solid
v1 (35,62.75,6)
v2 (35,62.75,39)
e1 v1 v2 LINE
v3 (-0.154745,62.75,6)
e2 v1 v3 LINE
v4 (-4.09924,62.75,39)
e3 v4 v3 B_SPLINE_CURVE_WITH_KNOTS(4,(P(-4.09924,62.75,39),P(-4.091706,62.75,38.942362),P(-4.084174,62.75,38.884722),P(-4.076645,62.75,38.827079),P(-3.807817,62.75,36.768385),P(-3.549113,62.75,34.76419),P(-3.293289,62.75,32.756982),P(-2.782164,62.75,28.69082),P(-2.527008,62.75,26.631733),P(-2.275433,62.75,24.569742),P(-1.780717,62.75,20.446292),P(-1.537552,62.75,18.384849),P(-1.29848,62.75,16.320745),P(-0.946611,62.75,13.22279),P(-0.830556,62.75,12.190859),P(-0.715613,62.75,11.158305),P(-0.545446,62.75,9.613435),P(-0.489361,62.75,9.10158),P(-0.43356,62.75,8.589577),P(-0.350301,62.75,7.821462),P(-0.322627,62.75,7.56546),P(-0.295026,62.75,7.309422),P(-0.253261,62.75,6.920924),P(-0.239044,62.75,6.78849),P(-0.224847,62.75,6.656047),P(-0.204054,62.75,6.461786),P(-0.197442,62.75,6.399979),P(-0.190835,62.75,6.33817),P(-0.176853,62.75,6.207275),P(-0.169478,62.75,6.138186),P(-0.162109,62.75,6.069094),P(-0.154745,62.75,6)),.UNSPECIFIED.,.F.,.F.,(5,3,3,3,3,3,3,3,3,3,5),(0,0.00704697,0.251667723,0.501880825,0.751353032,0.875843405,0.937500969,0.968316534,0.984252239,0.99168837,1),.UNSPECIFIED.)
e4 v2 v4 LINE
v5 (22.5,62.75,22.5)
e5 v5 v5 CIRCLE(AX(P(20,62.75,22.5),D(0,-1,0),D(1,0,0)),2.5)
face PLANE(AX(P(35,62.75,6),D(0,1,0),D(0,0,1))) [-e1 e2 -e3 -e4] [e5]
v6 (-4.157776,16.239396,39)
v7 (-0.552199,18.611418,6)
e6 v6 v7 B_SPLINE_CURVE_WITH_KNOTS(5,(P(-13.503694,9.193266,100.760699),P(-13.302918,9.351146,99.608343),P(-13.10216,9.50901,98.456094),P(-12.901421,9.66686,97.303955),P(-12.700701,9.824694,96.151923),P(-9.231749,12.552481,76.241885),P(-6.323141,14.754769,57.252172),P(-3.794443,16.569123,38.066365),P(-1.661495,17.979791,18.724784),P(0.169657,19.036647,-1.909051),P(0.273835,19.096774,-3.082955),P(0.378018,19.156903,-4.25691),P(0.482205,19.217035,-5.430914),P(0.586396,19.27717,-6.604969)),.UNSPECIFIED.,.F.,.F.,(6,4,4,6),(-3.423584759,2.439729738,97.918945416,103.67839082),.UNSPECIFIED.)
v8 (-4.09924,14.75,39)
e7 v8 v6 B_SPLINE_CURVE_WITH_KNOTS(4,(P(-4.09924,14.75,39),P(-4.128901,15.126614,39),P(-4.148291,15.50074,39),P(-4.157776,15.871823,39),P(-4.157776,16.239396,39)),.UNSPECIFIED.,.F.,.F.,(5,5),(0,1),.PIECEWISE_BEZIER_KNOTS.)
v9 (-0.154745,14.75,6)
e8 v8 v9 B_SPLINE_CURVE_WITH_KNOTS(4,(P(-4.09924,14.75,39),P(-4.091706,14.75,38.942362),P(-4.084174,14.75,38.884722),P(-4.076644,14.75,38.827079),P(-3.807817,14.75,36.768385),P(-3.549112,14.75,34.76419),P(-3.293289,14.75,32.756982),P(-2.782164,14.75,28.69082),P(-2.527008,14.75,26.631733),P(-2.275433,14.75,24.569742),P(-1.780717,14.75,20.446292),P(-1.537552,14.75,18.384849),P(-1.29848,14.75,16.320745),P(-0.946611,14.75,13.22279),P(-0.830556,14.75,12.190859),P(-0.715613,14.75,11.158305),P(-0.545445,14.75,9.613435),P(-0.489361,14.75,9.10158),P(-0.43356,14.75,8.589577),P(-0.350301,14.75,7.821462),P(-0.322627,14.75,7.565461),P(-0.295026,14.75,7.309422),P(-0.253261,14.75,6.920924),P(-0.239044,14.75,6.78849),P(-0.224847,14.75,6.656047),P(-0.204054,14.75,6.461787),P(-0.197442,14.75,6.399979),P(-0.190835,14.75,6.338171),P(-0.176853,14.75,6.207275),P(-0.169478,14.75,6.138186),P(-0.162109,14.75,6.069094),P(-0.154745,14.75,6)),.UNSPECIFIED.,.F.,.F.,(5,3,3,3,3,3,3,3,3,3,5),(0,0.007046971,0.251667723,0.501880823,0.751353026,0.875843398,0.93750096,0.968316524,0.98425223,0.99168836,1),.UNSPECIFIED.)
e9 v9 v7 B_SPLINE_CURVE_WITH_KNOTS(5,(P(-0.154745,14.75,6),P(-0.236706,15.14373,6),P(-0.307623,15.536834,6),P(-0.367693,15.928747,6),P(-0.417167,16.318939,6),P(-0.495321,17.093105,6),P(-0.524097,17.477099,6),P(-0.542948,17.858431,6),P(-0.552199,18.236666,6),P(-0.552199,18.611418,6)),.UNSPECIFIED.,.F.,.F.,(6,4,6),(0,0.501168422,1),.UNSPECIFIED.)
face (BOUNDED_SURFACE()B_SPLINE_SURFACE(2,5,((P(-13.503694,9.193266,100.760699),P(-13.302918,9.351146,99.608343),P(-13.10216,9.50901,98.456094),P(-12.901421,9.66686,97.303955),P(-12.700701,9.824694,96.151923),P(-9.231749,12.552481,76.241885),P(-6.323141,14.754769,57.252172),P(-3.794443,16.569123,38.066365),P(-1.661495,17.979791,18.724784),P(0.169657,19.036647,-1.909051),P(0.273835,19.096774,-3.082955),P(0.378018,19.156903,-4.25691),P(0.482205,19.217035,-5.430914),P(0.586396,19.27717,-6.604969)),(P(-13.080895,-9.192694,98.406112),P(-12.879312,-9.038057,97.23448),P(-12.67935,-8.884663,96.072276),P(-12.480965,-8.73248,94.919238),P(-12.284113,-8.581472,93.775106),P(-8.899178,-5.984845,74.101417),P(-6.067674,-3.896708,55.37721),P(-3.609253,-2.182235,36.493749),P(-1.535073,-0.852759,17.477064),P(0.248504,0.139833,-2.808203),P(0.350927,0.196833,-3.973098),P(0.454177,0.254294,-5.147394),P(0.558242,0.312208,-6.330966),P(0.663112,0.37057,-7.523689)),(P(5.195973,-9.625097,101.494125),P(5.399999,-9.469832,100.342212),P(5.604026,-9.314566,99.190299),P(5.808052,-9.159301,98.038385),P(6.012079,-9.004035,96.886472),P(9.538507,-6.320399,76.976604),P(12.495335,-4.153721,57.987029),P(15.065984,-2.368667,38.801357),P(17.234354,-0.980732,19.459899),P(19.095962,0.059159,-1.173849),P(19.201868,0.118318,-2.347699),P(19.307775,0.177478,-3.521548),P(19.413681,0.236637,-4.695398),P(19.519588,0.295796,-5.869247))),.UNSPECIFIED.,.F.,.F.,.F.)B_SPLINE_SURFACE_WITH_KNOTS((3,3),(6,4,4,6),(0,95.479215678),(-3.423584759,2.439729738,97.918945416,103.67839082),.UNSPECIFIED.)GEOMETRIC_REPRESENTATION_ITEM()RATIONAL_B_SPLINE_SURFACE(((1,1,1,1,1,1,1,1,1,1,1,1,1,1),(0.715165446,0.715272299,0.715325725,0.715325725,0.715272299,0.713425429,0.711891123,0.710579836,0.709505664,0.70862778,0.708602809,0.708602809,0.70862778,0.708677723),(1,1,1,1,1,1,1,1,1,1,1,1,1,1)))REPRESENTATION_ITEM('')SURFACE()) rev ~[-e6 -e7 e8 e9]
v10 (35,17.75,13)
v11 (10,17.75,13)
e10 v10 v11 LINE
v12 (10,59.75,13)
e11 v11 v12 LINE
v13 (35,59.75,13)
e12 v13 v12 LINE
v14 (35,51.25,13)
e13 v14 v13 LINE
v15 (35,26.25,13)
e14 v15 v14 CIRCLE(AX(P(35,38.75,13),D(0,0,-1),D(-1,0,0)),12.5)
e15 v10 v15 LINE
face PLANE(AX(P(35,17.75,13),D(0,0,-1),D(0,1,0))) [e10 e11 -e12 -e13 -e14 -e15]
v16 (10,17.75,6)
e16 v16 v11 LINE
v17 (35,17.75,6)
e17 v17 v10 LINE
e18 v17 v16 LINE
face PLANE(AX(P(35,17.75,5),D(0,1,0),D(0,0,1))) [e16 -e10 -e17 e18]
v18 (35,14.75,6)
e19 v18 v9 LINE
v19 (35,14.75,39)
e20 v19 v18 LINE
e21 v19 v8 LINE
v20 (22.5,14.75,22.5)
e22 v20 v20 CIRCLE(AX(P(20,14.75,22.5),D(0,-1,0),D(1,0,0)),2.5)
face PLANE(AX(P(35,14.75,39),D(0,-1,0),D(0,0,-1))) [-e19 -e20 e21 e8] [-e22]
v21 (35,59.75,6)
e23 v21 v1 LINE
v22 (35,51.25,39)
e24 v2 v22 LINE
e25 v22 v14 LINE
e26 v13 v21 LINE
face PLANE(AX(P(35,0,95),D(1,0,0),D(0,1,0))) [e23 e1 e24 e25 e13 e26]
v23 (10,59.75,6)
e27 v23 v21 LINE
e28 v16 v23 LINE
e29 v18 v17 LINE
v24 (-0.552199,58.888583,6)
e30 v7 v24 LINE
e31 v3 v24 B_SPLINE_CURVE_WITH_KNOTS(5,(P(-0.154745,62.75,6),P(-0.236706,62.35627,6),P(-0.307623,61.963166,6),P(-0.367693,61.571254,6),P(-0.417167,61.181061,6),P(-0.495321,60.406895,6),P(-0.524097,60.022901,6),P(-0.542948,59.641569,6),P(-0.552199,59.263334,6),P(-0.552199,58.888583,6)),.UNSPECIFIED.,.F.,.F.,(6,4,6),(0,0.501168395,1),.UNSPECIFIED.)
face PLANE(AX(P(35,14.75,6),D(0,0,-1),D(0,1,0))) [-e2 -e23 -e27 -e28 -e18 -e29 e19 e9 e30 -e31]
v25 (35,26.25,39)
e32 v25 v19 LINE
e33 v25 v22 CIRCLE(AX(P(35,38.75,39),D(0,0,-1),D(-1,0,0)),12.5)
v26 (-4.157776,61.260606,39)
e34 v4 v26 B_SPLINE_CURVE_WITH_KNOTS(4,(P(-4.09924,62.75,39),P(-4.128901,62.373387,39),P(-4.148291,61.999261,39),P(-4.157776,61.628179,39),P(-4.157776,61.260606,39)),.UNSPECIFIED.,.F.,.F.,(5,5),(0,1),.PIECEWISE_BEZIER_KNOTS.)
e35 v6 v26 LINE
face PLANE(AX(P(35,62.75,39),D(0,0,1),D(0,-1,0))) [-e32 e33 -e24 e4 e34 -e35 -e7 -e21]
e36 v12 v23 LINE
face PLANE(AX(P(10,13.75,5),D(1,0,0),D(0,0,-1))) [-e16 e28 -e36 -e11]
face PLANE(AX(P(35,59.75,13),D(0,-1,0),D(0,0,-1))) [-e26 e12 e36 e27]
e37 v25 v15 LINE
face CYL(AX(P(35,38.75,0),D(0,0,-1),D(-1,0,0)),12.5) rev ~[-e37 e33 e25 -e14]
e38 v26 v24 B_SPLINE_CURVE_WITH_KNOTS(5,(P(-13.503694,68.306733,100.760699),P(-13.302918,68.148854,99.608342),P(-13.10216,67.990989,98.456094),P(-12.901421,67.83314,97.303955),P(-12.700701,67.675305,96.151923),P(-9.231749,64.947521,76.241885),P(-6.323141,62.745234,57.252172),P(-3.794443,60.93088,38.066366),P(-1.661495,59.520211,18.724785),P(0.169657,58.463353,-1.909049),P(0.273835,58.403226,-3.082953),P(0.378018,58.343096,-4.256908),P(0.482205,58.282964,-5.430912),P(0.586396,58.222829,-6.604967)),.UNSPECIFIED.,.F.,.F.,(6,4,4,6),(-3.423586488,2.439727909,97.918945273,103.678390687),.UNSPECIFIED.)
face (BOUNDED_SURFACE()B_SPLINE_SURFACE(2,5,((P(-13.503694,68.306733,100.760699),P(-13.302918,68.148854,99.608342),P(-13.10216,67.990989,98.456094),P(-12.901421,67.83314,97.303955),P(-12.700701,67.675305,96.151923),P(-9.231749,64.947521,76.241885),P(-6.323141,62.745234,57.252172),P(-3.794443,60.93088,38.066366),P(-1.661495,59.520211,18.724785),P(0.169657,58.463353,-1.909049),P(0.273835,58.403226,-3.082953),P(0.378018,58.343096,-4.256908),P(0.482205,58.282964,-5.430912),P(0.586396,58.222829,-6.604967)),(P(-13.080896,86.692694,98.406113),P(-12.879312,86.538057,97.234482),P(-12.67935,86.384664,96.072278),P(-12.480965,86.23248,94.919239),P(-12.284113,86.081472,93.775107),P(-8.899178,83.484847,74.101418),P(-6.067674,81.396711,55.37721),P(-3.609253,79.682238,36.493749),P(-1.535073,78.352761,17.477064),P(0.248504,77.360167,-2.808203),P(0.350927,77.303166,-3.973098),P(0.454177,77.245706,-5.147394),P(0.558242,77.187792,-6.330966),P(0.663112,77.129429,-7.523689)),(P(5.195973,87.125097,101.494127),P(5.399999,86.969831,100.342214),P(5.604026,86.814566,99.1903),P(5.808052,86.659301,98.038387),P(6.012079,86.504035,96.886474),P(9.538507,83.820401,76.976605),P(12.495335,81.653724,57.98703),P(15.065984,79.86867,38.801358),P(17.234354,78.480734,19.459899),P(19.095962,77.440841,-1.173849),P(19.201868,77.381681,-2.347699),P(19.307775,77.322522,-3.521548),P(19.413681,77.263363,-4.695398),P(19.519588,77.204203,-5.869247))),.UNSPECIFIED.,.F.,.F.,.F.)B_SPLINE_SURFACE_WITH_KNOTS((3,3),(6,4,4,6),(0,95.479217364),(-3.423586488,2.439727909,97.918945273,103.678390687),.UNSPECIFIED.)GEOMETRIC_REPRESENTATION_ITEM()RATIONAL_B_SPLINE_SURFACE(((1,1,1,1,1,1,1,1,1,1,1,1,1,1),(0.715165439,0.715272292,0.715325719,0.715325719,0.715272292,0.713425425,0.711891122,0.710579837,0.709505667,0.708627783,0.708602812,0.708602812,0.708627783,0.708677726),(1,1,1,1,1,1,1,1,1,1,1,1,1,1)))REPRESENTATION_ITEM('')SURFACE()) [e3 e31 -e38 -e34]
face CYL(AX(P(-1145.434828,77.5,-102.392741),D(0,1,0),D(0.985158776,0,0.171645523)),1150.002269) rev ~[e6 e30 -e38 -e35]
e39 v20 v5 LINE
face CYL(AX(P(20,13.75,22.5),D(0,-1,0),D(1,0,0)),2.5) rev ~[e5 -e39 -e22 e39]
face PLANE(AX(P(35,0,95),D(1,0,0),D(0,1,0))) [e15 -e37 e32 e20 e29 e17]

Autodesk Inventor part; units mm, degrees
ref_plane "YZ Plane" through (0, 0, 0) normal (1, 0, 0) x (0, 1, 0)
ref_plane "XZ Plane" through (0, 0, 0) normal (0, 1, 0) x (-1, 0, 0)
ref_plane "XY Plane" through (0, 0, 0) normal (0, 0, 1) x (1, 0, 0)
sketch "Sketch1" plane through (0, 0, 0) normal (0, 0, 1) x (1, 0, 0)
  line L0 (0, 0) -> (70, 0)
  line L1 (70, 0) -> (70, 77.5)
  line L2 (70, 77.5) -> (0, 77.5)
  line L3 (0, 77.5) -> (0, 0)
  dimension "d0" = 70
  dimension "d1" = 77.5
extrude "Extrusion1" add sketch "Sketch1" along normal blind 95
sketch "Sketch3" plane through (0, 0, 95) normal (0, 0, 1) x (1, 0, 0)
  line L0 (0, 0) -> (70, 0) projected
  line L1 (70, 77.5) -> (0, 77.5) projected
  line L2 (70, 0) -> (35, 0)
  line L3 (35, 0) -> (35, 77.5)
  line L4 (35, 77.5) -> (70, 77.5)
  line L5 (70, 77.5) -> (70, 0)
extrude "Extrusion3" cut sketch "Sketch3" against normal through all
sketch "Sketch4" plane through (0, 77.5, 95) normal (0, 1, 0) x (1, 0, 0)
  line L0 (0, 95) -> (0, 0) projected
  line L1 (0, 0) -> (-12.5, 0)
  line L2 (35, 95) -> (0, 95) projected
  arc A0 (-12.5, 0) -> (0, 95) centre (-1145.4326, 197.3924) ccw
  line L3 (-12.5, -10) -> (35, -10) construction
  dimension "d9" = 1150
  dimension "d54" = 47.5
  dimension "d55" = 10
extrude "Extrusion4" add sketch "Sketch4" against normal blind 77.5
sketch "Sketch5" plane through (35, 0, 95) normal (1, 0, 0) x (0, 0, -1)
  line L0 (0, 77.5) -> (0, 86.25)
  line L1 (0, 0) -> (0, -8.75)
  line L2 (0, 0) -> (0, 77.5) projected
  line L3 (95, 77.5) -> (95, 0) projected
  arc A0 (0, 86.25) -> (95, 77.5) centre (152.8838, 1226.0423) ccw
  arc A1 (95, 0) -> (0, -8.75) centre (152.8838, -1148.5423) ccw
  line L4 (0, 77.5) -> (95, 77.5) projected
  line L5 (95, 0) -> (0, 0) projected
  line L6 (-10, 86.25) -> (-10, -8.75) construction
  point P0 (-10, 38.75)
  point P1 (0, 38.75)
  dimension "d14" = 1150
  dimension "d15" = 1150
  dimension "d52" = 10
  dimension "d53" = 95
extrude "Extrusion5" add sketch "Sketch5" against normal blind 55 contours L0 A0 L4 | L5 A1 L1
sketch "Sketch6" plane through (-20, 0, 0) normal (0, 1, 0) x (1, 0, 0)
  line L0 (20, 0) -> (0, 0) projected
  line L1 (0, -95) -> (0, 0) projected
  arc A0 (7.5, -95) -> (20, 0) centre (-1125.4326, 102.3924) ccw projected
  line L2 (7.5, -95) -> (0, -95) projected
extrude "Extrusion6" cut sketch "Sketch6" along normal through all both and the other way through all
fillet "Fillet3" radius 19 2 edges at (-5.299, 80.9203, 47.9253) (-5.299, -3.4203, 47.9253)
sketch "Sketch8" plane through (0, 0, 95) normal (0, 0, 1) x (1, 0, 0)
  line L0 (35, 86.25) -> (35, -8.75) projected
  line L1 (35, 77.5) -> (35, 0) projected
  circle A0 centre (35, 38.75) radius 35
  point P0 (0, 0)
  dimension "d23" = 70
extrude "Extrusion7" cut sketch "Sketch8" against normal blind 20
sketch "Sketch9" plane through (0, 0, 75) normal (0, 0, 1) x (1, 0, 0)
  line L0 (35, 73.75) -> (35, 3.75) projected
  circle A0 centre (35, 38.75) radius 15.5
  point P0 (0, 0)
  dimension "d26" = 31
extrude "Extrusion8" cut sketch "Sketch9" against normal blind 20
sketch "Sketch10" plane through (0, 0, 0) normal (0, 0, -1) x (-1, 0, 0)
  line L0 (-35, 77.5) -> (-35, 0) projected
  circle A0 centre (-35, 38.75) radius 12.5
  point P0 (0, 0)
  dimension "d29" = 25
extrude "Extrusion9" cut sketch "Sketch10" against normal blind 50
sketch "Sketch11" plane through (0, 0, 50) normal (0, 0, -1) x (-1, 0, 0)
  line L0 (-35, 26.25) -> (-35, 51.25) projected
  circle A0 centre (-35, 38.75) radius 2.5
  circle A1 centre (-26.5, 38.75) radius 2
  point P0 (0, 0)
  dimension "d32" = 5
  dimension "d33" = 4
  dimension "d34" = 8.5
extrude "Extrusion10" cut sketch "Sketch11" against normal through all
sketch "Sketch12" plane through (0, 0, 55) normal (0, 0, 1) x (1, 0, 0)
  circle A0 centre (26.5, 38.75) radius 2 projected
  circle A1 centre (26.5, 38.75) radius 4.5
  point P0 (0, 0)
  dimension "d37" = 9
extrude "Extrusion11" cut sketch "Sketch12" against normal blind 3
sketch "Sketch14" plane through (0, 0, 50) normal (0, 0, -1) x (-1, 0, 0)
  arc A0 (-35, 36.25) -> (-35, 41.25) centre (-35, 38.75) ccw projected
  circle A1 centre (-35, 38.75) radius 4
  point P0 (0, 0)
  dimension "d40" = 8
extrude "Extrusion12" cut sketch "Sketch14" against normal blind 3
sketch "Sketch15" plane through (0, 0, 75) normal (0, 0, 1) x (1, 0, 0)
  arc A0 (35, 41.25) -> (35, 36.25) centre (35, 38.75) ccw projected
  circle A1 centre (10, 38.75) radius 2.5
  circle A2 centre (22.5, 17.0994) radius 2.5
  circle A3 centre (47.5, 17.0994) radius 2.5
  circle A4 centre (60, 38.75) radius 2.5
  circle A5 centre (47.5, 60.4006) radius 2.5
  circle A6 centre (22.5, 60.4006) radius 2.5
  point P0 (0, 0)
  dimension "d43" = 5
  dimension "d44" = 25
  dimension "d47" = 360
extrude "Extrusion13" cut sketch "Sketch15" against normal blind 25
sketch "Sketch17" plane through (35, 73.75, 95) normal (1, 0, 0) x (0, 0, -1)
  line L0 (90, -60) -> (55, -60)
  line L1 (55, -60) -> (55, -10)
  line L2 (55, -10) -> (90, -10)
  line L3 (90, -10) -> (90, -60)
  line L4 (95, -22.5) -> (95, -47.5) projected
  line L5 (0, 12.5) -> (95, 12.5)
  line L6 (95, 12.5) -> (95, -82.5)
  line L7 (95, -82.5) -> (0, -82.5)
  line L8 (0, -82.5) -> (0, 12.5)
  point P0 (95, -73.75)
  point P1 (90, -35)
  point P2 (95, -35)
  dimension "d62" = 35
  dimension "d63" = 50
  dimension "d64" = 5
extrude "Extrusion16" cut sketch "Sketch17" against normal through all
sketch "Sketch18" plane through (35, 13.75, 5) normal (1, 0, 0) x (0, 0, -1)
  line L0 (0, 4) -> (-8, 4)
  line L1 (-8, 4) -> (-8, 46)
  line L2 (-8, 46) -> (0, 46)
  line L3 (0, 46) -> (0, 4)
  line L4 (-35, 37.5) -> (-35, 12.5) projected
  line L5 (0, 12.5) -> (0, 37.5) projected
  point P0 (5, -13.75)
  point P1 (0, 25)
  dimension "d69" = 42
  dimension "d70" = 8
extrude "Extrusion17" cut sketch "Sketch18" against normal blind 25
sketch "Sketch19" plane through (35, 13.75, 5) normal (0, -1, 0) x (1, 0, 0)
  circle A0 centre (-15, 17.5) radius 2.5
  line L0 (0, 35) -> (0, 0) projected
  point P0 (-35, -5)
  point P1 (0, 17.5)
  dimension "d73" = 5
  dimension "d74" = 15
extrude "Extrusion18" cut sketch "Sketch19" against normal through all
sketch "Sketch20" plane through (35, 51.25, 40) normal (1, 0, 0) x (0, 0, -1)
  line L0 (35, -37.5) -> (35, -33.5) projected
  line L1 (0, 12.5) -> (35, 12.5)
  line L2 (35, 12.5) -> (35, -37.5)
  line L3 (35, -37.5) -> (0, -37.5)
  line L4 (0, -37.5) -> (0, 12.5)
  line L5 (34, 11.5) -> (1, 11.5)
  line L6 (1, 11.5) -> (1, -36.5)
  line L7 (1, -36.5) -> (34, -36.5)
  line L8 (34, -36.5) -> (34, 11.5)
  point P0 (40, -51.25)
  dimension "d77" = 1
extrude "Extrusion19" cut sketch "Sketch20" against normal through all
properties part number "AA016" material "ABS Plastic"
